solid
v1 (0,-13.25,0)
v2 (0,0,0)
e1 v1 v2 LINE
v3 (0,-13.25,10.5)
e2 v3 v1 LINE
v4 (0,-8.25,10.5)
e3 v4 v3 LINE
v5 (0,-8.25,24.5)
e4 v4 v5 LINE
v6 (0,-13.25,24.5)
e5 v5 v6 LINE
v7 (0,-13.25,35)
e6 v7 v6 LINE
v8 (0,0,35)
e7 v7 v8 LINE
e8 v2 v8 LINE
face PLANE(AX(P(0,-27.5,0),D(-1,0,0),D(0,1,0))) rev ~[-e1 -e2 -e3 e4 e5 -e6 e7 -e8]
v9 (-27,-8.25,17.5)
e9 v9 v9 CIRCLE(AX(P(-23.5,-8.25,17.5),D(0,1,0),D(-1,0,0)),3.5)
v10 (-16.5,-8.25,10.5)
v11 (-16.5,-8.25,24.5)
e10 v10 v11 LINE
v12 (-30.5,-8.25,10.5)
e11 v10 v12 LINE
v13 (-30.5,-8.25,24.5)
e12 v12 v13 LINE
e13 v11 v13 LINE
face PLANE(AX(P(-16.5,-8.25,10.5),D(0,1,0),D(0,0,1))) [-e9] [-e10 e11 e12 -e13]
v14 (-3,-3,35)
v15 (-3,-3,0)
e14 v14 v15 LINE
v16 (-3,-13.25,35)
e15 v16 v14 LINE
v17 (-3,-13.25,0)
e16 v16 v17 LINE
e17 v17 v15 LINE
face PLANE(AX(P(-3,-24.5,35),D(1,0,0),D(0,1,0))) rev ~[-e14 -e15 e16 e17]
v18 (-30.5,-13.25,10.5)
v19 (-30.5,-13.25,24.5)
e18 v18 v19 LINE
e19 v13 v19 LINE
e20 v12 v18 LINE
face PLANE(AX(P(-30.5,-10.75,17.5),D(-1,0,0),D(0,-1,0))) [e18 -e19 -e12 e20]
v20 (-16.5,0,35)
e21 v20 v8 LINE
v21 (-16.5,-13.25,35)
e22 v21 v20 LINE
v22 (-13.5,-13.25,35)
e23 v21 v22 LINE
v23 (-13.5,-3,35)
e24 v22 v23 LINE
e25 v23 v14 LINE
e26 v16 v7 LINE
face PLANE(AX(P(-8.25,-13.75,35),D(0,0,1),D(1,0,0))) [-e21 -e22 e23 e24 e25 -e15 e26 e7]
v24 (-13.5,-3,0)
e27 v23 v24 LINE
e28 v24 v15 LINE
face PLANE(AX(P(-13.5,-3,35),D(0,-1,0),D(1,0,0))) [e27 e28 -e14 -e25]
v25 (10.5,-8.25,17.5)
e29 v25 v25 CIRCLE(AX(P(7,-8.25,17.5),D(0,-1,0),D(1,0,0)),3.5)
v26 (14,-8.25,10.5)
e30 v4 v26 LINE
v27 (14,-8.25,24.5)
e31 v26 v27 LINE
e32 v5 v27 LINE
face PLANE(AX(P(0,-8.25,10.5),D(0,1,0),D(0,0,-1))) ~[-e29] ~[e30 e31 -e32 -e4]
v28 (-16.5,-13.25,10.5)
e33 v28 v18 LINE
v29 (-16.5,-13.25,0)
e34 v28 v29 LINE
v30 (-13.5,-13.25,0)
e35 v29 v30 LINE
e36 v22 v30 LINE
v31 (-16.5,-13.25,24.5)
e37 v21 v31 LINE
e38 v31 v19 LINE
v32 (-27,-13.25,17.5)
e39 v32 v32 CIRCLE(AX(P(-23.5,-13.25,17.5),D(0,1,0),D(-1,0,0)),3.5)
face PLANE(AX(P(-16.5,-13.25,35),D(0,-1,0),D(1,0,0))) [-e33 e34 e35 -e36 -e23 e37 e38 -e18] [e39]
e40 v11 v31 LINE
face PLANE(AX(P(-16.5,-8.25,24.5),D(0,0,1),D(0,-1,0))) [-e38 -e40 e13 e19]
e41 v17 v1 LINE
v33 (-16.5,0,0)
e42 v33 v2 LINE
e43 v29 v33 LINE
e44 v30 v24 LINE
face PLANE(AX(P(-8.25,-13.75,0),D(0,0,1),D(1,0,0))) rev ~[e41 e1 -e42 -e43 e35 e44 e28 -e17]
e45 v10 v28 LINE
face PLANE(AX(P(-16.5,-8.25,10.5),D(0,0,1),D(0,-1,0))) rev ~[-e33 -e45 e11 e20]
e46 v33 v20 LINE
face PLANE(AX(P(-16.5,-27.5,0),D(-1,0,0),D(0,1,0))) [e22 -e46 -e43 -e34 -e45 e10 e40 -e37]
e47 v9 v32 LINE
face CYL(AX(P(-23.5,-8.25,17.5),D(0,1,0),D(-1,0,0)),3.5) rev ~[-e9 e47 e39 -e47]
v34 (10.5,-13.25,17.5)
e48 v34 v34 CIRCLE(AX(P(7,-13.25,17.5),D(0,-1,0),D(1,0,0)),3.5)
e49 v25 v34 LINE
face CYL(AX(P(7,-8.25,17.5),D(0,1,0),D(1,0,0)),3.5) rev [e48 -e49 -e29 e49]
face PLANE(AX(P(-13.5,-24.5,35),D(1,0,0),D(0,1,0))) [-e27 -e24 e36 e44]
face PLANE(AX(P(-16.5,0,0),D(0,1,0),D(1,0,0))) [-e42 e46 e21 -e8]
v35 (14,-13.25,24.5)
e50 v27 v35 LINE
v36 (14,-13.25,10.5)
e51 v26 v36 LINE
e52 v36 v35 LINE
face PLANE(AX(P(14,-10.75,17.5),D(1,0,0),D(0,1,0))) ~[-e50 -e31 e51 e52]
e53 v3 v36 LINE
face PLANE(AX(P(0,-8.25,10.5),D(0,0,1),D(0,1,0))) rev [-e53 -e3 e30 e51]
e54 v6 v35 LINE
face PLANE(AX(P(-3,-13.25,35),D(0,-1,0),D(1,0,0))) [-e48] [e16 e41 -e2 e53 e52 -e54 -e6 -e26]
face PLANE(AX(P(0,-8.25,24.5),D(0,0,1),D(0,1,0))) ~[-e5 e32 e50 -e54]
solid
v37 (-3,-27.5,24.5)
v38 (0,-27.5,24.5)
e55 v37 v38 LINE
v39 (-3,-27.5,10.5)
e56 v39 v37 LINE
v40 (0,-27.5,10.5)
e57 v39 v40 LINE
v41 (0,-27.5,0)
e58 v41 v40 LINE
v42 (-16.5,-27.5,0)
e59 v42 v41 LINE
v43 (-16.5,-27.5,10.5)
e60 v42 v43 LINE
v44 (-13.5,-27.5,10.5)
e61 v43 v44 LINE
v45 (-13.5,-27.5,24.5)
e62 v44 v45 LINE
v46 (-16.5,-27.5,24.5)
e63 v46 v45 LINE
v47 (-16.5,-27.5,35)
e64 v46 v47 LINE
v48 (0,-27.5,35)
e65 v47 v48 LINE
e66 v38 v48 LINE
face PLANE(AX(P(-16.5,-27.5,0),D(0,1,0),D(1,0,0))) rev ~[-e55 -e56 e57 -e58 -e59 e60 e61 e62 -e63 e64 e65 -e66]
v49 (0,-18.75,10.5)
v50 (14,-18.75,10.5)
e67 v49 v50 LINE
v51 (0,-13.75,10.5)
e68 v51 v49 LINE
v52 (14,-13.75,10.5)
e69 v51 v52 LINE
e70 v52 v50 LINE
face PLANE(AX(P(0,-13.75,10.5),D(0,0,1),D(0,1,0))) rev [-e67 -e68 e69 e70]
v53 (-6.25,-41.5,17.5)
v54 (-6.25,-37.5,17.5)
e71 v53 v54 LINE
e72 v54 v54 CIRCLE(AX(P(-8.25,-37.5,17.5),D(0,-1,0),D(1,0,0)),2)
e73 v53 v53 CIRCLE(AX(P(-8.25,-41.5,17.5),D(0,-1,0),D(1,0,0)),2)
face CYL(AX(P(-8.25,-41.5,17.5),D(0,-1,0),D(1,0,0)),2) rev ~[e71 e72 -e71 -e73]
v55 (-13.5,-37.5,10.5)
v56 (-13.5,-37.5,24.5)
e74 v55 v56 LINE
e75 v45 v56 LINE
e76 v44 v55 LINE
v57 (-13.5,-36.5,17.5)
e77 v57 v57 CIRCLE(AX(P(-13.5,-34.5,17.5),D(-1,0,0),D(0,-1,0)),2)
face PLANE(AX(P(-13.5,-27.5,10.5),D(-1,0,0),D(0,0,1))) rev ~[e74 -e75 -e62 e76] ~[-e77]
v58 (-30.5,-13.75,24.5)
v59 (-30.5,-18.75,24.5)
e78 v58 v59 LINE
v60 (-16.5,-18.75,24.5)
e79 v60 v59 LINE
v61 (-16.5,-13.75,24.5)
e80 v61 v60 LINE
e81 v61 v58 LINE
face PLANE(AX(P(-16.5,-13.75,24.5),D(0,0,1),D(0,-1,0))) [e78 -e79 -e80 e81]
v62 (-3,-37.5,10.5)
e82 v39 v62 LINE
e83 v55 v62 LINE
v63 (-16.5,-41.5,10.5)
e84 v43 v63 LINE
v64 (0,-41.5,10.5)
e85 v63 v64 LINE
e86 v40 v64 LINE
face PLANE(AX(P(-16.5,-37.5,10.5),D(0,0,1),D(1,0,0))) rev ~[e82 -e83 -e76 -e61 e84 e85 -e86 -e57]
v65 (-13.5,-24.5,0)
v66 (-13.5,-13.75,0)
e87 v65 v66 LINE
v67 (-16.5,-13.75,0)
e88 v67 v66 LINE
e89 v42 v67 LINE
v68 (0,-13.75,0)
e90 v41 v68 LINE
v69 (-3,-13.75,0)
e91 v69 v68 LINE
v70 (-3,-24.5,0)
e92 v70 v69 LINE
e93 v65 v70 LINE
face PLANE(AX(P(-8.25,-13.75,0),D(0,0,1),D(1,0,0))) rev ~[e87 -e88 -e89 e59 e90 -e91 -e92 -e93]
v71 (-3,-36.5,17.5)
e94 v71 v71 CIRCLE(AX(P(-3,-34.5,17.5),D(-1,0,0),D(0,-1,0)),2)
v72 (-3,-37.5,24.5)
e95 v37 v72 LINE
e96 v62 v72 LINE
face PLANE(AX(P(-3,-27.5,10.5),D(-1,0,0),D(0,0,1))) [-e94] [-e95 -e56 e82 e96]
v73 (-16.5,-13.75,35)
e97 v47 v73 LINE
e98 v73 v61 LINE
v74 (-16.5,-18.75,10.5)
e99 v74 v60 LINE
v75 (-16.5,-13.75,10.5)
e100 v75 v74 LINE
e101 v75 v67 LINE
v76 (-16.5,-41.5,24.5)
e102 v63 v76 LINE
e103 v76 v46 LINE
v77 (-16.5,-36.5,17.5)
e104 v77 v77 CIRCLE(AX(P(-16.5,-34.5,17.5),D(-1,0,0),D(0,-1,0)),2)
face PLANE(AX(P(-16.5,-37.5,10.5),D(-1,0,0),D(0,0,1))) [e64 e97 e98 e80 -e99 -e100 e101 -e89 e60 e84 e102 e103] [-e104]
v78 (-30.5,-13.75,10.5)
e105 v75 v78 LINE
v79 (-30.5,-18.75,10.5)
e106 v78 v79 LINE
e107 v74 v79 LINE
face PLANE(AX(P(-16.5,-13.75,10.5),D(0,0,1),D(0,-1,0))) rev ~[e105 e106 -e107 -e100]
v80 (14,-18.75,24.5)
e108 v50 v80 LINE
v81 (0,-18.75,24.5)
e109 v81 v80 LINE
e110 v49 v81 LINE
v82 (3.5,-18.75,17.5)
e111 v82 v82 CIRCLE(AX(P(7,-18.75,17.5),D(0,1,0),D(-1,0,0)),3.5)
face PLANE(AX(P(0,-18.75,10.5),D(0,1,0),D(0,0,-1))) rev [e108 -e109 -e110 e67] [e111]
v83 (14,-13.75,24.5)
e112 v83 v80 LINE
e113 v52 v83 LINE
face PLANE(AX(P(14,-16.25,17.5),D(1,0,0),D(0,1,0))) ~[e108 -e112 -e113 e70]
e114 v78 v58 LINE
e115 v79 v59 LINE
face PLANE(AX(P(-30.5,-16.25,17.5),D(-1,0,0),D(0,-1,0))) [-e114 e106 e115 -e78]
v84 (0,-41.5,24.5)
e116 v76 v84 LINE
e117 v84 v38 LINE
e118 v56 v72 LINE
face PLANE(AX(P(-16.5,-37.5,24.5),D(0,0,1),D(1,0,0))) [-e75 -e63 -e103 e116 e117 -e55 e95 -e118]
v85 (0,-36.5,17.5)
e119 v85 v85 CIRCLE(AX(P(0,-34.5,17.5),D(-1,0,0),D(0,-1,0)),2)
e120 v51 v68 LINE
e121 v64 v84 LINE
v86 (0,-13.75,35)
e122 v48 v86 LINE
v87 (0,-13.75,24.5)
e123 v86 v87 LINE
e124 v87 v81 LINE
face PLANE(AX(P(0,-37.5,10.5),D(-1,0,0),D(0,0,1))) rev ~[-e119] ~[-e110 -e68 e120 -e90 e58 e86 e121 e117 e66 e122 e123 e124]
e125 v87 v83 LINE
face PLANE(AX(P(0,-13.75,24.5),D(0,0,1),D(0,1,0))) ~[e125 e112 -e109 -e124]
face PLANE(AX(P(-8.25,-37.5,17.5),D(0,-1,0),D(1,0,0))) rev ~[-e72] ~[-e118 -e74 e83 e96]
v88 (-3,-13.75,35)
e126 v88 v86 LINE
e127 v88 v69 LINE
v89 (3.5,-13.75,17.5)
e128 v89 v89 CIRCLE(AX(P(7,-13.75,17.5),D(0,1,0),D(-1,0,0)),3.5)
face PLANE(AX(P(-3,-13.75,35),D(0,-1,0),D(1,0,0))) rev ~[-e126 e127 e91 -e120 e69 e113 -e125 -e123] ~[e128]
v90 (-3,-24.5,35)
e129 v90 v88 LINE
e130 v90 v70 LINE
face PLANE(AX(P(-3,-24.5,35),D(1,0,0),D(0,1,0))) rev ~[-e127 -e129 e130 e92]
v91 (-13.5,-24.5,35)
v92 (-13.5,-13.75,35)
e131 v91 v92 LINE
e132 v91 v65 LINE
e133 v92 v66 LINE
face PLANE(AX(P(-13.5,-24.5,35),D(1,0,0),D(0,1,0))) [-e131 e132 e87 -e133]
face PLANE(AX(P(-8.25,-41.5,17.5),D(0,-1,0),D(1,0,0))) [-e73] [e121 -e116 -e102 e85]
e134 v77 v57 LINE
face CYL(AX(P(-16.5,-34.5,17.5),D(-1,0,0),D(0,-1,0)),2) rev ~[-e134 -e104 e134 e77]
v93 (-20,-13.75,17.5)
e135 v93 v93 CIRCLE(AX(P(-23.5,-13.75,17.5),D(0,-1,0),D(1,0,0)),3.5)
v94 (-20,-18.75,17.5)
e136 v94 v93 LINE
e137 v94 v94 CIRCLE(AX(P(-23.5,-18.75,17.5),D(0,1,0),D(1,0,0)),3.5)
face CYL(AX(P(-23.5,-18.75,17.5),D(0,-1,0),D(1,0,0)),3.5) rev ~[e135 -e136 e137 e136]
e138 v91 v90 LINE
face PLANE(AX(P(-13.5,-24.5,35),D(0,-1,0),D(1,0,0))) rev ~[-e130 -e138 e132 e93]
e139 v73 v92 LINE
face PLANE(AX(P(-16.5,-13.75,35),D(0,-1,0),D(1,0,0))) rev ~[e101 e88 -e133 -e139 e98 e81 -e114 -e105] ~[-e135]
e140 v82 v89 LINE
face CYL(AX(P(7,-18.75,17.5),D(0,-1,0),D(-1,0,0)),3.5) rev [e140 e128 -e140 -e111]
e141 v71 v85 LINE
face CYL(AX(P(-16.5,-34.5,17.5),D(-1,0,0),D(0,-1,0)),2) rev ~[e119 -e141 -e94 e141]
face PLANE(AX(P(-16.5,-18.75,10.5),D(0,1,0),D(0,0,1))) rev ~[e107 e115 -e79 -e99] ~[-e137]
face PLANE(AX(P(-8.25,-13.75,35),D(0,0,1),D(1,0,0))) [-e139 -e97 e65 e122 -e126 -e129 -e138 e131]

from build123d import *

# Parameters (mm, degrees)
F0_W      = 16.5
F0_H      = 27.5
F1_DEPTH  = 35
F2_W      = 10.5
F2_H      = 21.5
F3_DEPTH  = 35
F4_W      = 3
F4_H      = 0.5
F5_DEPTH  = 35
F6_W      = 5
F6_H      = 14
F7_DEPTH  = 14
F8_R      = 3.5
F9_DEPTH  = 5
F12_W     = 5
F12_H     = 14
F13_DEPTH = 14
F14_R     = 3.5
F15_DEPTH = 255
F17_W     = 3
F17_H     = 14
F18_DEPTH = 10
F19_W     = 16.5
F19_H     = 14
F20_DEPTH = 4
F21_R     = 2
F22_DEPTH = 4
F23_R     = 2
F24_DEPTH = 16.5


with BuildPart() as f1:
    # F0 (on Top) → F1 (new body)
    with BuildSketch(Plane.XY):
        with Locations((-8.25, -13.75)):
            Rectangle(F0_W, F0_H)
    extrude(amount=F1_DEPTH)

    # F2 (on face) → F3 (cut)
    with BuildSketch(Plane.XY.offset(35)):
        with Locations((-8.25, -13.75)):
            Rectangle(F2_W, F2_H)
    extrude(amount=-F3_DEPTH, mode=Mode.SUBTRACT)

    # F4 (on face) → F5 (cut)
    with BuildSketch(Plane.XY.offset(35)):
        with Locations((-1.5, -13.5)):
            Rectangle(F4_W, F4_H)
        with Locations((-15, -13.5)):
            Rectangle(F4_W, F4_H)
    extrude(amount=-F5_DEPTH, mode=Mode.SUBTRACT)

    # F6 (on face) → F7 (join)
    with BuildSketch(Plane(origin=(-16.5, 0, 0), x_dir=(0, -1, 0), z_dir=(-1, 0, 0))):
        with Locations((16.25, 17.5)):
            Rectangle(F6_W, F6_H)
    extrude(amount=F7_DEPTH)

    # F8 (on face) → F9 (cut)
    with BuildSketch(Plane.XZ.offset(18.75)):
        with Locations((-23.5, 17.5)):
            Circle(F8_R)
    extrude(amount=-F9_DEPTH, mode=Mode.SUBTRACT)

    # F11: F1 across plane


with BuildPart() as f1_1:
    add(f1.part)
    add(f1.part.mirror(Plane(origin=(-8.25, -6.625, 17.5), x_dir=(0, -1, 0), z_dir=(-1, 0, 0))))

    # F12 (on face) → F13 (join)
    with BuildSketch(Plane(origin=(-16.5, 0, 0), x_dir=(0, -1, 0), z_dir=(-1, 0, 0))):
        with Locations((10.75, 17.5)):
            Rectangle(F12_W, F12_H)
    extrude(amount=F13_DEPTH)

    # F14 (on face) → F15 (cut)
    with BuildSketch(Plane(origin=(0, -8.25, 0), x_dir=(-1, 0, 0), z_dir=(0, 1, 0))):
        with Locations((23.5, 17.5)):
            Circle(F14_R)
    extrude(amount=-F15_DEPTH, mode=Mode.SUBTRACT)

    # F16: F1 across plane


with BuildPart() as f1_2:
    add(f1_1.part)
    add(f1_1.part.mirror(Plane(origin=(-8.25, -6.625, 17.5), x_dir=(0, -1, 0), z_dir=(-1, 0, 0))))

    # F17 (on face) → F18 (join)
    with BuildSketch(Plane.XZ.offset(27.5)):
        with Locations((-15, 17.5)):
            Rectangle(F17_W, F17_H)
        with Locations((-1.5, 17.5)):
            Rectangle(F17_W, F17_H)
    extrude(amount=F18_DEPTH)

    # F19 (on face) → F20 (join)
    with BuildSketch(Plane.XZ.offset(37.5)):
        with Locations((-8.25, 17.5)):
            Rectangle(F19_W, F19_H)
    extrude(amount=F20_DEPTH)

    # F21 (on face) → F22 (cut)
    with BuildSketch(Plane.XZ.offset(41.5)):
        with Locations((-8.25, 17.5)):
            Circle(F21_R)
    extrude(amount=-F22_DEPTH, mode=Mode.SUBTRACT)

    # F23 (on face) → F24 (cut)
    with BuildSketch(Plane(origin=(-16.5, 0, 0), x_dir=(0, -1, 0), z_dir=(-1, 0, 0))):
        with Locations((34.5, 17.5)):
            Circle(F23_R)
    extrude(amount=-F24_DEPTH, mode=Mode.SUBTRACT)


solid = f1_2.part
